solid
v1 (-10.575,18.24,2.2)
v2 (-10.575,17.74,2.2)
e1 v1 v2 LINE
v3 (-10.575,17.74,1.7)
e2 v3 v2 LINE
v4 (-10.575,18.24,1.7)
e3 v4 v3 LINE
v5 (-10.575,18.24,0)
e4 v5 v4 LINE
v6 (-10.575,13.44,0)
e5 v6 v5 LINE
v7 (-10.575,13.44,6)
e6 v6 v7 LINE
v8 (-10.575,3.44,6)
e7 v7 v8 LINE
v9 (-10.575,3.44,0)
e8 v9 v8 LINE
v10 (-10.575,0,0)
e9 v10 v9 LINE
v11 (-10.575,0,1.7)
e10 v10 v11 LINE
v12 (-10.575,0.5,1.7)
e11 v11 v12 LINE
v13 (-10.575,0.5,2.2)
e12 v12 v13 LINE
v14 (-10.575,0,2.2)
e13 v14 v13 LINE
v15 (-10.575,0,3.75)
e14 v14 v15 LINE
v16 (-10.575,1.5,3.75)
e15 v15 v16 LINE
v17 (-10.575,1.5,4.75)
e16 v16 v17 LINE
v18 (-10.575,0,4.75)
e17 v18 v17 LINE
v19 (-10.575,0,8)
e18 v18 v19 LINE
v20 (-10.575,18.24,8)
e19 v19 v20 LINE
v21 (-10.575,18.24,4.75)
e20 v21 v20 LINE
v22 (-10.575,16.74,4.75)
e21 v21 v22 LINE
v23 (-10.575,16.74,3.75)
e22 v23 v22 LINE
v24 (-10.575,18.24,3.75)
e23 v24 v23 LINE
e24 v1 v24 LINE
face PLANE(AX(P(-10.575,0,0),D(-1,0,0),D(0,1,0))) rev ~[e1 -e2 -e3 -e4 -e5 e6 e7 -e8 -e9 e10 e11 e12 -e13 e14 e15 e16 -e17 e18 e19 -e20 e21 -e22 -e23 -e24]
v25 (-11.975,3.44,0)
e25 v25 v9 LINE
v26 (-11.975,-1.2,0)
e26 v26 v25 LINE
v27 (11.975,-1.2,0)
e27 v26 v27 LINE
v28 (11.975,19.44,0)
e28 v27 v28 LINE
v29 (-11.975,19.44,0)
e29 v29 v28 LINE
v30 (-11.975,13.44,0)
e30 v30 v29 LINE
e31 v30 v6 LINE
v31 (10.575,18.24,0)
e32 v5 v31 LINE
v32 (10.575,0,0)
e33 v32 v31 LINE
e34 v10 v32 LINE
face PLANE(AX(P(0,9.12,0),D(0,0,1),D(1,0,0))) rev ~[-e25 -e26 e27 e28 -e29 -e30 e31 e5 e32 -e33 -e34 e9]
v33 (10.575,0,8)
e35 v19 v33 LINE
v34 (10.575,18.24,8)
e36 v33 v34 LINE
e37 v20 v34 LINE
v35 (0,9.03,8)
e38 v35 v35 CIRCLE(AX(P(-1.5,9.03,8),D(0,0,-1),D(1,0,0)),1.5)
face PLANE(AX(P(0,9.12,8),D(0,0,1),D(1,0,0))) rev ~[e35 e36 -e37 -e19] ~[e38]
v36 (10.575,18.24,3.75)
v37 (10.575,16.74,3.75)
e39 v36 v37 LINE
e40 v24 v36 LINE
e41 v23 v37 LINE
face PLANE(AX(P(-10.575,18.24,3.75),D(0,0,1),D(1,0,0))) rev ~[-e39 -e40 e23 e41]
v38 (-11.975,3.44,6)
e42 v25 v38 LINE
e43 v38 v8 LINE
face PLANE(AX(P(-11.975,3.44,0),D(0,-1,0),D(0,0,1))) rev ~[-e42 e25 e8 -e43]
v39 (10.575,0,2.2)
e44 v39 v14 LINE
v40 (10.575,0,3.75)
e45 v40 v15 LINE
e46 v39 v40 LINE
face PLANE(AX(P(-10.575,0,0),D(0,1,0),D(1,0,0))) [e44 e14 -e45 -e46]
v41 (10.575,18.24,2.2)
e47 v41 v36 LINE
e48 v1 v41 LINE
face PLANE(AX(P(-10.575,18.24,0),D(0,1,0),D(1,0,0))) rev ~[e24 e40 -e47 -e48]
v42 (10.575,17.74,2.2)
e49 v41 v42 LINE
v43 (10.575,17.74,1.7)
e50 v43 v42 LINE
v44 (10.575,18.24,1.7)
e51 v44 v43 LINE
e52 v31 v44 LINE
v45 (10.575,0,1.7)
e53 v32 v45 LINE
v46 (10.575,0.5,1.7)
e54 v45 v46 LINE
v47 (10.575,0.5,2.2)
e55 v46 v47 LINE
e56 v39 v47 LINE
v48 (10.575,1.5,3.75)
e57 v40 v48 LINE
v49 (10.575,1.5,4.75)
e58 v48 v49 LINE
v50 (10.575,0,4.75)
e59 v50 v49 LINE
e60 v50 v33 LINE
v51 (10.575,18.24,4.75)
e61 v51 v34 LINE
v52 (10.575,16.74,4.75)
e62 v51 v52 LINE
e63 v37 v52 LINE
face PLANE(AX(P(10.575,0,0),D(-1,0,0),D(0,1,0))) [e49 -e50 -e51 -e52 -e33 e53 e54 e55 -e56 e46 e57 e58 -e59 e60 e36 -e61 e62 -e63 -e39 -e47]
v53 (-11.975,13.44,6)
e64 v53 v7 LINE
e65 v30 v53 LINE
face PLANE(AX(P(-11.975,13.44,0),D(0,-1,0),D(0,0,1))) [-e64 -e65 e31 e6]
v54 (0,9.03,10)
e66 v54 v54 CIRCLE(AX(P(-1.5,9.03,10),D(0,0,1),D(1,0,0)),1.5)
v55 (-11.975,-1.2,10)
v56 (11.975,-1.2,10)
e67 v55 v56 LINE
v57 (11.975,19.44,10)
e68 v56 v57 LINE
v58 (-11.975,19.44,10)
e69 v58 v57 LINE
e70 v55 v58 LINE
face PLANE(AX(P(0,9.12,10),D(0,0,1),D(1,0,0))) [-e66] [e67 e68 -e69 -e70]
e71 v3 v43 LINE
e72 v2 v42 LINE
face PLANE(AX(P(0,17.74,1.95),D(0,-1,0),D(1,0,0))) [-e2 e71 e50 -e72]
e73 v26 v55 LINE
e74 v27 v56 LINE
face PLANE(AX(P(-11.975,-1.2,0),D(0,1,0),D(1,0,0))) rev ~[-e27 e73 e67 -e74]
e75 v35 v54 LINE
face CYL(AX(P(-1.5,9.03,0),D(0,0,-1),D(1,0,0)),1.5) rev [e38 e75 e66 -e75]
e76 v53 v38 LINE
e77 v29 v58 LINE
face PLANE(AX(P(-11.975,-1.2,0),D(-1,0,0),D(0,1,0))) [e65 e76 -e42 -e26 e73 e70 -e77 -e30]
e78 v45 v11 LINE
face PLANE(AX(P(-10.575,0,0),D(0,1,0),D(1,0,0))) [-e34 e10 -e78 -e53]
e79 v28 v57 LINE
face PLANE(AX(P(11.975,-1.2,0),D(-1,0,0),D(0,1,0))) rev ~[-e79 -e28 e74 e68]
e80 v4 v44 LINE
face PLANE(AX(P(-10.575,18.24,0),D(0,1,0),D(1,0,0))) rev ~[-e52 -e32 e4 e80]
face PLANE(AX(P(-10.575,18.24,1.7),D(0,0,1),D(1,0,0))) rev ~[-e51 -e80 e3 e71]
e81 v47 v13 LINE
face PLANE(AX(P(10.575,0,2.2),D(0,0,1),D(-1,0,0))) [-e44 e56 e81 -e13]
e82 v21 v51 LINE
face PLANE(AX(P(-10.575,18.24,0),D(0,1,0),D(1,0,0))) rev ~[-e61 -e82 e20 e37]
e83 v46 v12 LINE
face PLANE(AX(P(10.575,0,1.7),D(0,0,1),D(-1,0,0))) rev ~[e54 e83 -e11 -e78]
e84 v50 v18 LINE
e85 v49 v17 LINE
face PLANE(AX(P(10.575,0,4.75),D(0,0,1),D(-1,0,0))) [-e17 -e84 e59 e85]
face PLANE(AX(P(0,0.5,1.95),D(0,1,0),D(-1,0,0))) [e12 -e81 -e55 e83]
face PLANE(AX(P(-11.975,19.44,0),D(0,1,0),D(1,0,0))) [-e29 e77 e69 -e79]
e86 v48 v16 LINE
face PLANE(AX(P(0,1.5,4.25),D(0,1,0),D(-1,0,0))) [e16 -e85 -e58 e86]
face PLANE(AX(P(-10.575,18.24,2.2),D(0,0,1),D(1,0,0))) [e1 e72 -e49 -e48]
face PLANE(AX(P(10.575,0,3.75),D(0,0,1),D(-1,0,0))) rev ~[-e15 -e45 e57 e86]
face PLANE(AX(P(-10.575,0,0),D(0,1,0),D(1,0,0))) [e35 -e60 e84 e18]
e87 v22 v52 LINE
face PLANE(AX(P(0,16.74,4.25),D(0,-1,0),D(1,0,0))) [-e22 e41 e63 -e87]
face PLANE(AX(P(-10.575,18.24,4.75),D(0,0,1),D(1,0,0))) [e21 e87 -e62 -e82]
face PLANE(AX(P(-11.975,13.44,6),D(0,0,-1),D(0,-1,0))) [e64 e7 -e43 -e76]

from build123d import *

# Parameters (mm, degrees)
SKETCH001_W     = 23.95
SKETCH001_H     = 20.64
SKETCH001_R     = 1.5
PAD_DEPTH       = 10
SKETCH_W        = 21.15
SKETCH_H        = 18.24
POCKET_DEPTH    = 8
SKETCH002_W     = 21.15
SKETCH002_H     = 1
PAD001_DEPTH    = 1.5
SKETCH003_W     = 21.15
SKETCH003_H     = 1
PAD002_DEPTH    = 1.5
SKETCH004_W     = 21.15
SKETCH004_H     = 0.5
PAD003_DEPTH    = 0.5
SKETCH005_W     = 21.15
SKETCH005_H     = 0.5
PAD004_DEPTH    = 0.5
SKETCH006_W     = 10
SKETCH006_H     = 6
POCKET001_DEPTH = 5


with BuildPart() as part:
    # Sketch001 → Pad (new body)
    with BuildSketch(Plane.XY):
        with Locations((0, 9.12)):
            Rectangle(SKETCH001_W, SKETCH001_H)
        with Locations((-1.5, 9.03)):
            Circle(SKETCH001_R, mode=Mode.SUBTRACT)
    extrude(amount=PAD_DEPTH)

    # Sketch → Pocket (cut)
    with BuildSketch(Plane.XY):
        with Locations((0, 9.12)):
            Rectangle(SKETCH_W, SKETCH_H)
    extrude(amount=POCKET_DEPTH, mode=Mode.SUBTRACT)

    # Sketch002 (on Face8 of Pocket) → Pad001 (join)
    with BuildSketch(Plane(origin=(0, 0, 0), x_dir=(-1, 0, 0), z_dir=(0, 1, 0))):
        with Locations((0, 4.25)):
            Rectangle(SKETCH002_W, SKETCH002_H)
    extrude(amount=PAD001_DEPTH)

    # Sketch003 (on Face10 of Pad001) → Pad002 (join)
    with BuildSketch(Plane.XZ.offset(-18.24)):
        with Locations((0, 4.25)):
            Rectangle(SKETCH003_W, SKETCH003_H)
    extrude(amount=PAD002_DEPTH)

    # Sketch004 (on Face10 of Pad002) → Pad003 (join)
    with BuildSketch(Plane.XZ.offset(-18.24)):
        with Locations((0, 1.95)):
            Rectangle(SKETCH004_W, SKETCH004_H)
    extrude(amount=PAD003_DEPTH)

    # Sketch005 (on Face8 of Pad003) → Pad004 (join)
    with BuildSketch(Plane(origin=(0, 0, 0), x_dir=(-1, 0, 0), z_dir=(0, 1, 0))):
        with Locations((0, 1.95)):
            Rectangle(SKETCH005_W, SKETCH005_H)
    extrude(amount=PAD004_DEPTH)

    # Sketch006 (on Face2 of Pad004) → Pocket001 (cut)
    with BuildSketch(Plane(origin=(-11.975, 0, 0), x_dir=(0, -1, 0), z_dir=(-1, 0, 0))):
        with Locations((-8.44, 3)):
            Rectangle(SKETCH006_W, SKETCH006_H)
    extrude(amount=-POCKET001_DEPTH, mode=Mode.SUBTRACT)


solid = part.part
